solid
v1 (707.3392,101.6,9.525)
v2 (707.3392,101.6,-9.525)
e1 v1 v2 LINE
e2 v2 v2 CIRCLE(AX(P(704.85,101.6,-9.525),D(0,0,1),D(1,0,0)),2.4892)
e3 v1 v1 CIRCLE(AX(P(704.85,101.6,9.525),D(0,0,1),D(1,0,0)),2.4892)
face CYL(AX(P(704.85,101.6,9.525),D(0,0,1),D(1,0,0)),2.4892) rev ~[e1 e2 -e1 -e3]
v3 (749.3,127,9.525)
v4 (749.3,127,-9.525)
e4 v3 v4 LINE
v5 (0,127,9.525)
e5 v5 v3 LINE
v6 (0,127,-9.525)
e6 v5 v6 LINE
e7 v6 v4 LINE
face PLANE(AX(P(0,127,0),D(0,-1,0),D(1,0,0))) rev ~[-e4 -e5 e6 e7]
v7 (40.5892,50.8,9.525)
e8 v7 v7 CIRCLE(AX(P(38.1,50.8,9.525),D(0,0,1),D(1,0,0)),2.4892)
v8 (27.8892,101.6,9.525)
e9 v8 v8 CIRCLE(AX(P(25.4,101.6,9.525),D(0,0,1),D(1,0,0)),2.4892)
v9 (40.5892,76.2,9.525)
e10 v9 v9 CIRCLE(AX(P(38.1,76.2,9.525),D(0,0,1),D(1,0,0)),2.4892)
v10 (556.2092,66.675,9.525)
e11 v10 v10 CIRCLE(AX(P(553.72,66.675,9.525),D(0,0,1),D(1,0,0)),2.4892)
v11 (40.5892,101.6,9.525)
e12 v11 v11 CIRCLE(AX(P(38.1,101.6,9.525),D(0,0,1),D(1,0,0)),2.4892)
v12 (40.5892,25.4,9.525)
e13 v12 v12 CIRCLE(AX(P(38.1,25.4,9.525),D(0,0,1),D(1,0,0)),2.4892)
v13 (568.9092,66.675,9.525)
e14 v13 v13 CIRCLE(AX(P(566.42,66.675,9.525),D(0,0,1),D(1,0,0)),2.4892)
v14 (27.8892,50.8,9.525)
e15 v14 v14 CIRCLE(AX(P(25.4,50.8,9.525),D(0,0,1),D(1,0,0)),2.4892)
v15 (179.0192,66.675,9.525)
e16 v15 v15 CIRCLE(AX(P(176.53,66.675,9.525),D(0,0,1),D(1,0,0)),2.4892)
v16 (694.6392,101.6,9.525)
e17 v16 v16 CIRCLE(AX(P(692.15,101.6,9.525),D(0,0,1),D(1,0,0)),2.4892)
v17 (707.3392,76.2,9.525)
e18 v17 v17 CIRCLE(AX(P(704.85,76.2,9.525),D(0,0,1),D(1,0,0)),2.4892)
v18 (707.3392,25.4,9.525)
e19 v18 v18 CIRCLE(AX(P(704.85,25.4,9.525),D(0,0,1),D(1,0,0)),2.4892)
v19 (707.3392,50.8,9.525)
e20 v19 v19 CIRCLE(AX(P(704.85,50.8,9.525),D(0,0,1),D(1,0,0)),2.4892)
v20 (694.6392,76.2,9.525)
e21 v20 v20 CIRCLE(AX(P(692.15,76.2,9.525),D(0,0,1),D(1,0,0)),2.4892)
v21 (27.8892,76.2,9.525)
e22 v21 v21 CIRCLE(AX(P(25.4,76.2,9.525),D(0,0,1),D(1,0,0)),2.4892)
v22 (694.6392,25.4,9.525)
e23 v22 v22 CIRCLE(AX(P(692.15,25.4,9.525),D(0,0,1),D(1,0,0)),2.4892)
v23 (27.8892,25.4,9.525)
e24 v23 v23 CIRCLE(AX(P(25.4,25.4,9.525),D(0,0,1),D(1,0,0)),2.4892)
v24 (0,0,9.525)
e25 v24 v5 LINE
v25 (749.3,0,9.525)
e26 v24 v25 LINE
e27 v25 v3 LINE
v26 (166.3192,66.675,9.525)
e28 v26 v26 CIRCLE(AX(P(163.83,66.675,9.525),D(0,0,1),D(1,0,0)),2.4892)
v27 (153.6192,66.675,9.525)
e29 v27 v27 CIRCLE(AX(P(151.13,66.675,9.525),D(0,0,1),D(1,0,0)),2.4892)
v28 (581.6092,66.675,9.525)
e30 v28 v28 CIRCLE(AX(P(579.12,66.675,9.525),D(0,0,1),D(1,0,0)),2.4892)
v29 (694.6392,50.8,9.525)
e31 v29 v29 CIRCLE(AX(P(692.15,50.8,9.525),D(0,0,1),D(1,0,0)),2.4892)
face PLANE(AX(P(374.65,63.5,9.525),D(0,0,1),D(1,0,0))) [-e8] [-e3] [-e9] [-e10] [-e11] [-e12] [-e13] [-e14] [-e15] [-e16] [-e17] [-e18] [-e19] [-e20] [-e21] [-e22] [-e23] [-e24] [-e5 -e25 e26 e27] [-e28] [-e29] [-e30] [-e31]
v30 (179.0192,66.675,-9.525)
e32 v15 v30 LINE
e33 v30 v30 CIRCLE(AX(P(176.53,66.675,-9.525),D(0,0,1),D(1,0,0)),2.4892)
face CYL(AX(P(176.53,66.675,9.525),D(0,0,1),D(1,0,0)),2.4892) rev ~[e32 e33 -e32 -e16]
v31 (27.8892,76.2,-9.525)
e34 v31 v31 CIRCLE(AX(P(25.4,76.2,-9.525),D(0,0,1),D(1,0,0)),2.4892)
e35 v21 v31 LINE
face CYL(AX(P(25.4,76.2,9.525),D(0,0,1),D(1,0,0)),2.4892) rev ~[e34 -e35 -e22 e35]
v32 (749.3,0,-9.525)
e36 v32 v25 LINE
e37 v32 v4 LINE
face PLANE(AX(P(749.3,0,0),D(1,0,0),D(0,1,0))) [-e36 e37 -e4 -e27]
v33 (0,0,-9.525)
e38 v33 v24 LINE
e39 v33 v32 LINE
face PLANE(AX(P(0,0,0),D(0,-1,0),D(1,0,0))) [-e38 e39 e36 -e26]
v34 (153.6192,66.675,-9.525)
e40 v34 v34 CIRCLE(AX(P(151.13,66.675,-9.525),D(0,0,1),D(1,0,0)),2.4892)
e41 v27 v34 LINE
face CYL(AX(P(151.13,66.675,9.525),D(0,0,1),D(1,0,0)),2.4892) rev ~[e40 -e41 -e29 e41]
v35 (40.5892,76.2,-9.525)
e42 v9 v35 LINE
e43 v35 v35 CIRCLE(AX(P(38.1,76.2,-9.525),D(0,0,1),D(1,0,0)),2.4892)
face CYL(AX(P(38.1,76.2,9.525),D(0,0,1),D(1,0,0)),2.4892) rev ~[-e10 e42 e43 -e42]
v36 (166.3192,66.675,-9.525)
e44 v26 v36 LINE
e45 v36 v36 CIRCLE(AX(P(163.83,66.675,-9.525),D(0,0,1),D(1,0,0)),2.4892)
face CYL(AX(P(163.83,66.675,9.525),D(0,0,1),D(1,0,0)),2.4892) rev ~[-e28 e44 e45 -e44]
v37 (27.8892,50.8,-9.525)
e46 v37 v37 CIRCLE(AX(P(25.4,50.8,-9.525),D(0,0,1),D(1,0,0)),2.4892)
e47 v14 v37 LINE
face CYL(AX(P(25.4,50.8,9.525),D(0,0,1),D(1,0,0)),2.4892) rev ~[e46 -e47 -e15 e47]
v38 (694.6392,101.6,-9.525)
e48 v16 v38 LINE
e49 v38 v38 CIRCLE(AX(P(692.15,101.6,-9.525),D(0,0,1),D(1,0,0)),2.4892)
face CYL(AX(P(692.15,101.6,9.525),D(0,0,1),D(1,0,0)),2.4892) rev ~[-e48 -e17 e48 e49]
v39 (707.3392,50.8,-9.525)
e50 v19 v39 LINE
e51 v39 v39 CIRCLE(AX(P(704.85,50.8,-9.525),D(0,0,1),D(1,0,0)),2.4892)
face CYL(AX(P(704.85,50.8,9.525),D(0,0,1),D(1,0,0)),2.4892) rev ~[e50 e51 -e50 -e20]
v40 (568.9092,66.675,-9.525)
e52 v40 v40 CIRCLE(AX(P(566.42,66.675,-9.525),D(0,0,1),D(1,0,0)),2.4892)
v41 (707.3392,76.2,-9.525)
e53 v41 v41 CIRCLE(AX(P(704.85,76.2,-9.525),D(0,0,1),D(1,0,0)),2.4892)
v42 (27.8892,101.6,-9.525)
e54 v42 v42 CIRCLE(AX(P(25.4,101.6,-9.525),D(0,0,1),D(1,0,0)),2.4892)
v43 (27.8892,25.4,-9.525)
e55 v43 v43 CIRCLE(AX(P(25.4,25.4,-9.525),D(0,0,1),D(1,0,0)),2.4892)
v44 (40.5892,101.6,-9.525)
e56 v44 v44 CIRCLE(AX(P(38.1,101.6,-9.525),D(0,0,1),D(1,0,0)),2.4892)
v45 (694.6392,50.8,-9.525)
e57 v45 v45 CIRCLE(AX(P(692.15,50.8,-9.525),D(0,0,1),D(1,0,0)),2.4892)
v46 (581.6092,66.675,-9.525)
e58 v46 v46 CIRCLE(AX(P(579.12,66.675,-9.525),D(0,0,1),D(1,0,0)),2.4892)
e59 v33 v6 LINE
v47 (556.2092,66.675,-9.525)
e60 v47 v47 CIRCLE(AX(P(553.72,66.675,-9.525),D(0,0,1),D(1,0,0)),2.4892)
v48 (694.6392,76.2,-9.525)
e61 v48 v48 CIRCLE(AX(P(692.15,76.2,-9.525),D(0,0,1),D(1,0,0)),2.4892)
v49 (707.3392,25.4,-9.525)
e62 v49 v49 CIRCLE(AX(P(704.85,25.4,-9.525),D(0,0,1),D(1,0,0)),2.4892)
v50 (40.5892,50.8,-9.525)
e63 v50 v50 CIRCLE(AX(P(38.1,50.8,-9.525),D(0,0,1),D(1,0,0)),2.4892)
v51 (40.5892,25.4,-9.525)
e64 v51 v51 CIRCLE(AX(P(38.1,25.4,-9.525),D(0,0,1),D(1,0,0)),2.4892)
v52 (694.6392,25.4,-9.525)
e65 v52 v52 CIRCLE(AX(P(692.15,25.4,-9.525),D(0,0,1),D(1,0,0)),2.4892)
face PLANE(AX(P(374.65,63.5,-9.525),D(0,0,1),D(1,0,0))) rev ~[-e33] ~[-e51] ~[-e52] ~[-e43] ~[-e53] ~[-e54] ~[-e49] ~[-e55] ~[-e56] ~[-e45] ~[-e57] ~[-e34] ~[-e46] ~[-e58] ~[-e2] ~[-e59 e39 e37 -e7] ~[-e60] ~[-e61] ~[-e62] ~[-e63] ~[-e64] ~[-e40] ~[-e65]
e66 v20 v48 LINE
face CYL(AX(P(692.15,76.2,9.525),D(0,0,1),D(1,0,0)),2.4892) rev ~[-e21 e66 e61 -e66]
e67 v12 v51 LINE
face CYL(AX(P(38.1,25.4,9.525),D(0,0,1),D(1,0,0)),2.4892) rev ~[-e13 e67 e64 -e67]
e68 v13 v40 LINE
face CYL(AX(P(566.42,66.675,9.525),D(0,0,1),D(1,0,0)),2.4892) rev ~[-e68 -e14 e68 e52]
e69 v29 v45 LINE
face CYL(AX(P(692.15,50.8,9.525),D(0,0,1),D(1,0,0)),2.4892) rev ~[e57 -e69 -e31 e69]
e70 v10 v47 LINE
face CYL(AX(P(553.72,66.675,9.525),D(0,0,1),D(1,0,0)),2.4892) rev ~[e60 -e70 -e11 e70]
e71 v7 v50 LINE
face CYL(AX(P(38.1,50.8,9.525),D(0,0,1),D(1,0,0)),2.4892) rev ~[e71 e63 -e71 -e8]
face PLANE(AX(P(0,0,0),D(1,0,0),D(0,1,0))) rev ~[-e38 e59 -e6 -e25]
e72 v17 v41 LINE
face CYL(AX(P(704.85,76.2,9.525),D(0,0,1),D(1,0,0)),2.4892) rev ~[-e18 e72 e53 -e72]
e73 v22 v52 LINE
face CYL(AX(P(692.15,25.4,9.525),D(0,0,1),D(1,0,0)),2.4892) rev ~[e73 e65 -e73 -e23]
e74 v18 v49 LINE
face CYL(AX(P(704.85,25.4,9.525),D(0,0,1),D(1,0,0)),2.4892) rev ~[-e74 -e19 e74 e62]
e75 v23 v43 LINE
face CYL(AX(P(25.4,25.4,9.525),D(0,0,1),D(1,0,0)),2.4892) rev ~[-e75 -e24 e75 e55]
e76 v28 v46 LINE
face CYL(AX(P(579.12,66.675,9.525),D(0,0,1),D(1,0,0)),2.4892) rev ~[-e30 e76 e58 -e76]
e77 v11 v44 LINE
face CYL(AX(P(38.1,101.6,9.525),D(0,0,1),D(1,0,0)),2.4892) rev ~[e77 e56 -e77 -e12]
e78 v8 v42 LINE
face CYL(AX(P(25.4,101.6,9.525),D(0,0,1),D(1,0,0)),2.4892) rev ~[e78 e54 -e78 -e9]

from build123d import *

# Parameters (mm, degrees)
SKETCH1_W           = 749.3
SKETCH1_H           = 127
BOSS_EXTRUDE1_DEPTH = 9.525
SKETCH2_R           = 2.4892
CUT_EXTRUDE1_DEPTH  = 761.225224851


with BuildPart() as part:
    # Sketch1 → Boss-Extrude1 (new, symmetric)
    with BuildSketch(Plane.XY):
        with Locations((374.65, 63.5)):
            Rectangle(SKETCH1_W, SKETCH1_H)
    extrude(amount=BOSS_EXTRUDE1_DEPTH, both=True)

    # Sketch2 → Cut-Extrude1 (cut, through all)
    with BuildSketch(Plane.XY.offset(9.525)):
        with Locations((566.42, 66.675)):
            Circle(SKETCH2_R)
        with Locations((553.72, 66.675)):
            Circle(SKETCH2_R)
        with Locations((163.83, 66.675)):
            Circle(SKETCH2_R)
        with Locations((176.53, 66.675)):
            Circle(SKETCH2_R)
        with Locations((579.12, 66.675)):
            Circle(SKETCH2_R)
        with Locations((151.13, 66.675)):
            Circle(SKETCH2_R)
        with Locations((692.15, 101.6)):
            Circle(SKETCH2_R)
        with Locations((704.85, 101.6)):
            Circle(SKETCH2_R)
        with Locations((704.85, 76.2)):
            Circle(SKETCH2_R)
        with Locations((704.85, 50.8)):
            Circle(SKETCH2_R)
        with Locations((704.85, 25.4)):
            Circle(SKETCH2_R)
        with Locations((692.15, 76.2)):
            Circle(SKETCH2_R)
        with Locations((692.15, 50.8)):
            Circle(SKETCH2_R)
        with Locations((692.15, 25.4)):
            Circle(SKETCH2_R)
        with Locations((25.4, 101.6)):
            Circle(SKETCH2_R)
        with Locations((38.1, 101.6)):
            Circle(SKETCH2_R)
        with Locations((38.1, 76.2)):
            Circle(SKETCH2_R)
        with Locations((38.1, 50.8)):
            Circle(SKETCH2_R)
        with Locations((38.1, 25.4)):
            Circle(SKETCH2_R)
        with Locations((25.4, 76.2)):
            Circle(SKETCH2_R)
        with Locations((25.4, 50.8)):
            Circle(SKETCH2_R)
        with Locations((25.4, 25.4)):
            Circle(SKETCH2_R)
    extrude(amount=-CUT_EXTRUDE1_DEPTH, mode=Mode.SUBTRACT)


solid = part.part
